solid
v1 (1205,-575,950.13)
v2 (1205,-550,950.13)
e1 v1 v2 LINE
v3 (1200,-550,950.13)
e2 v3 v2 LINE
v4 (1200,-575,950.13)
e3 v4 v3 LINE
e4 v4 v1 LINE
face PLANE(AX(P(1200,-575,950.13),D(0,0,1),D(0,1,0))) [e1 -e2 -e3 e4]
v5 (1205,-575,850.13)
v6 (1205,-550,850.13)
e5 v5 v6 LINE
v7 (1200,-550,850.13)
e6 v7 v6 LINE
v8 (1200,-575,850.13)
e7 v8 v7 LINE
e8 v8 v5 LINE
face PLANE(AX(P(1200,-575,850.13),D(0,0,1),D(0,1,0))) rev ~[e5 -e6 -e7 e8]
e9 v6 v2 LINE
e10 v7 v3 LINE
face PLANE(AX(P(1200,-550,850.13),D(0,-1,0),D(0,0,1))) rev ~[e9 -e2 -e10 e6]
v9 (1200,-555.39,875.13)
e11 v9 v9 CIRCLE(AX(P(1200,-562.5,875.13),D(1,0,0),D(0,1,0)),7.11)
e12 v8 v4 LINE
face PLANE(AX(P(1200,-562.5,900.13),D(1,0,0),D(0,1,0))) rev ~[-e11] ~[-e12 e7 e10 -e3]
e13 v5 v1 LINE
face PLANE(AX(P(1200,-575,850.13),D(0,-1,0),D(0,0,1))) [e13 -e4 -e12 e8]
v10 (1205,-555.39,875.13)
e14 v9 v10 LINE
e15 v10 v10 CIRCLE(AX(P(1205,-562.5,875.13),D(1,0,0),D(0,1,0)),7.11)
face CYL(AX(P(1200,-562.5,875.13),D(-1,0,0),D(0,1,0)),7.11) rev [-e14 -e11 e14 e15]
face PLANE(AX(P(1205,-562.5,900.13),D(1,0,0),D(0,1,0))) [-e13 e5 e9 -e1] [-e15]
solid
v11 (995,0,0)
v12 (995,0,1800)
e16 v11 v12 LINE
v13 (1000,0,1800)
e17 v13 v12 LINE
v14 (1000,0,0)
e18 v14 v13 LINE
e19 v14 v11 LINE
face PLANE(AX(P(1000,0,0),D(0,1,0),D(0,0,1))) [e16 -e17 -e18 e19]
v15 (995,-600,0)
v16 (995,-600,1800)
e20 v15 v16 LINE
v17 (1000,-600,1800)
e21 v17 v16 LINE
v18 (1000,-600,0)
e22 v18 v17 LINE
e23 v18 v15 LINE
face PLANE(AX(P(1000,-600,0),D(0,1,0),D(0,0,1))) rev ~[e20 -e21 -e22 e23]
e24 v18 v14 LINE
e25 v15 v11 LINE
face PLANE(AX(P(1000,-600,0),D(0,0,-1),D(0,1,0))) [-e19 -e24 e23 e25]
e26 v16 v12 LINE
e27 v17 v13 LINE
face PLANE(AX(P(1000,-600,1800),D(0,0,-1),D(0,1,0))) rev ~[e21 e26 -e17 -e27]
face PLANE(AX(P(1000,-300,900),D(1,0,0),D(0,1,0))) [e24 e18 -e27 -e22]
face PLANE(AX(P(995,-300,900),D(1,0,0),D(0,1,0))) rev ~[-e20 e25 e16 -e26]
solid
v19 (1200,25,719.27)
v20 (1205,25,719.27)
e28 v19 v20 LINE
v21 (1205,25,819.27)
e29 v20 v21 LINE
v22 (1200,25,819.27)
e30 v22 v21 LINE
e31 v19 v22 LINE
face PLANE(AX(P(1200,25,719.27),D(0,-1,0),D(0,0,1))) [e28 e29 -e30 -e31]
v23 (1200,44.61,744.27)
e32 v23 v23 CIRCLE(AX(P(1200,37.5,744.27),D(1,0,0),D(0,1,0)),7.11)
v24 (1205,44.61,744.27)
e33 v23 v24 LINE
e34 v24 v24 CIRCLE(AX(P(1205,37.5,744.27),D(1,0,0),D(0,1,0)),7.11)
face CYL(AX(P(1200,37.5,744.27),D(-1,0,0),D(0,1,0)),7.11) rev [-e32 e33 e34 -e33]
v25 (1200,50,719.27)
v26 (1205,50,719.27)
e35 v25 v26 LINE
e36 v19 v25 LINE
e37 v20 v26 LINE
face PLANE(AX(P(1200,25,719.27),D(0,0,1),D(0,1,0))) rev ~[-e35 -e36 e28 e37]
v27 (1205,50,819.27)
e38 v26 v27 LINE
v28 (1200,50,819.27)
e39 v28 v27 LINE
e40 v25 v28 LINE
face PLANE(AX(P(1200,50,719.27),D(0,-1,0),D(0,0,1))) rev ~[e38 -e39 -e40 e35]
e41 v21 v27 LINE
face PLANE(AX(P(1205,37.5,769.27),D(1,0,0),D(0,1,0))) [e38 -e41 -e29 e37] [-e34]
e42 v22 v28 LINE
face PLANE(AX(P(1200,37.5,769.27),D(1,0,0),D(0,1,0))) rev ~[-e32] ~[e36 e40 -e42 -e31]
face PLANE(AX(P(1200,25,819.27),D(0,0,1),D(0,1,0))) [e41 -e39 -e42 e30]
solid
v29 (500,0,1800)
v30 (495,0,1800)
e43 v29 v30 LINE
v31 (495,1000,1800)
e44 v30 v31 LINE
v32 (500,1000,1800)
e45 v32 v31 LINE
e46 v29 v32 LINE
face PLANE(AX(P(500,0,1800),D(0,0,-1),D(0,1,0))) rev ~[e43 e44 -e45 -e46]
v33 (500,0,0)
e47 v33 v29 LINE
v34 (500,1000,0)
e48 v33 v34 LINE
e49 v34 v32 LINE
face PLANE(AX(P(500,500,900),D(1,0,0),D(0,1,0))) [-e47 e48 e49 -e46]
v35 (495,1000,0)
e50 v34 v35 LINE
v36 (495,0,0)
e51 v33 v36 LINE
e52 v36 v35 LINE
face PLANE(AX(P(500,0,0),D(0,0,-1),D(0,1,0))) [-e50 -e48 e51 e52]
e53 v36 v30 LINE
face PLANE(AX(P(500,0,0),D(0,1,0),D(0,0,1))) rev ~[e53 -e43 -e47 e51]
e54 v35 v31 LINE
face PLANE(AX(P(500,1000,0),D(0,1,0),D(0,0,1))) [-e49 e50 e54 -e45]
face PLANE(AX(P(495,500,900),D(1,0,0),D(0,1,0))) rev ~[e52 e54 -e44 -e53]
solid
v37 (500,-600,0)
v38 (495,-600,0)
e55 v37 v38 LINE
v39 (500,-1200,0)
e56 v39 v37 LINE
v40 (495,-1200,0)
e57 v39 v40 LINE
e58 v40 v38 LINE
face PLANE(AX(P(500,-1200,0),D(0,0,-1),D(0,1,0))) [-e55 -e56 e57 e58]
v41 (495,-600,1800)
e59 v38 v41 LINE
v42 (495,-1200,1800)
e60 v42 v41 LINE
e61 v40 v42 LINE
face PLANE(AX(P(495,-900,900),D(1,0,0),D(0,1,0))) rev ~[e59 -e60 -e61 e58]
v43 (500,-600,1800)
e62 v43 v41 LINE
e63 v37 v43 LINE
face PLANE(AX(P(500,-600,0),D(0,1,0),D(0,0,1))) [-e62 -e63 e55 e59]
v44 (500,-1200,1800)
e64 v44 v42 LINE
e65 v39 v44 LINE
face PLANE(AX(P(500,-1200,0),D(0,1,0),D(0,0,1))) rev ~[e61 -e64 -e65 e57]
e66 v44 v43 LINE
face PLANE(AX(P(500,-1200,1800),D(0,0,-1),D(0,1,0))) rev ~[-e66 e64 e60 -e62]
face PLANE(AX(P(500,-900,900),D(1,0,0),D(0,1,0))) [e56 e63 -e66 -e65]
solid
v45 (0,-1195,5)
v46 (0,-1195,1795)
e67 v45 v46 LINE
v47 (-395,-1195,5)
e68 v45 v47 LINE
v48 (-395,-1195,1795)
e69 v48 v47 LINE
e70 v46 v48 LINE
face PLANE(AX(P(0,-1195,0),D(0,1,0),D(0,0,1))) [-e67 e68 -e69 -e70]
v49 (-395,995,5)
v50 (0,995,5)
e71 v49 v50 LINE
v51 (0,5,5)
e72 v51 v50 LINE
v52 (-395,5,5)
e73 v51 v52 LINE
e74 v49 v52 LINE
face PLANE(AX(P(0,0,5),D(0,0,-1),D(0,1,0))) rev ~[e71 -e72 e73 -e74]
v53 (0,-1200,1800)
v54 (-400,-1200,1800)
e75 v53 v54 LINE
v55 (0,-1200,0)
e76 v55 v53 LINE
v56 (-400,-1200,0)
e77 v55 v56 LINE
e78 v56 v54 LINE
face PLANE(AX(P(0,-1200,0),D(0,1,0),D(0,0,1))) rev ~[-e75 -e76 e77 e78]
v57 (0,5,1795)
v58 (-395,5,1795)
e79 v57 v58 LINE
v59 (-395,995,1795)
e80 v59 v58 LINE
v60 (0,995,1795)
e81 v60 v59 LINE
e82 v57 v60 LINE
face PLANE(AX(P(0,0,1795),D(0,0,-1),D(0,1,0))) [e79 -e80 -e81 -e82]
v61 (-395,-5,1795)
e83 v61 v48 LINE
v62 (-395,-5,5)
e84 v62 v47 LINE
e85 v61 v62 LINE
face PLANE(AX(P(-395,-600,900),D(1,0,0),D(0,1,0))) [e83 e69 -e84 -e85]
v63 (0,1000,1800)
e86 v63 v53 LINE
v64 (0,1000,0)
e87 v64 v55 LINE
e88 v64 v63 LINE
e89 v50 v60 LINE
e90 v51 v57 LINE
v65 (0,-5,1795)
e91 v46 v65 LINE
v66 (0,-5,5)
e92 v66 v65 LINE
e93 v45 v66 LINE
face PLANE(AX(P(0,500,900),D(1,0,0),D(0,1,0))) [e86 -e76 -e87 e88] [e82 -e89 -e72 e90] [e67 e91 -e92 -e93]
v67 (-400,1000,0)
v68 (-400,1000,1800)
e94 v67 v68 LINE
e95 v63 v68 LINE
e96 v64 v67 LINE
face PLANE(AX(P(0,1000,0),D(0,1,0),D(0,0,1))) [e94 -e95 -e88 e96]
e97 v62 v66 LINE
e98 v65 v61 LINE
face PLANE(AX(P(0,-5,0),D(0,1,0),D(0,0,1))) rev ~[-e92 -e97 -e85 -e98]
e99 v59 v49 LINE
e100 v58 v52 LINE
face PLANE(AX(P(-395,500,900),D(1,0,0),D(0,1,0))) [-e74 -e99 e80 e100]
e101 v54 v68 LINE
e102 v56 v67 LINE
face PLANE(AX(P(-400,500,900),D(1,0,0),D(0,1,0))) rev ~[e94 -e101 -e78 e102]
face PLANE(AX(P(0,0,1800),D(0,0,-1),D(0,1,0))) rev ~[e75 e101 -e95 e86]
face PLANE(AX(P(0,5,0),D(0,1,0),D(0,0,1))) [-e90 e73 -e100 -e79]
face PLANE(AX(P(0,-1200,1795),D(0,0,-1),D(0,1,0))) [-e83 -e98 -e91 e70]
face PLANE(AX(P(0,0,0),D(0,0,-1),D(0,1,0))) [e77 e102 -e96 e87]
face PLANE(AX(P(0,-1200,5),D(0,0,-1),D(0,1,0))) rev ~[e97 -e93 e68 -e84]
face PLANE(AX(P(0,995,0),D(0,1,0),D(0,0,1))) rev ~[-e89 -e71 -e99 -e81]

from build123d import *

# Parameters (mm, degrees)
F0_W      = 1200
F0_H      = 1800
F1_DEPTH  = 400
F2_W      = 1000
F2_H      = 1800
F3_DEPTH  = 400
F4_T      = -5
F4_2_T    = -5
F7_W      = 1000
F7_H      = 1800
F8_DEPTH  = 5
F7_W_2    = 600
F10_W     = 600
F10_H     = 1800
F11_DEPTH = 5
F12_W     = 25
F12_H     = 100
F12_R     = 7.11
F13_DEPTH = 5
F15_W     = 25
F15_H     = 100
F15_R     = 7.11
F16_DEPTH = 5


with BuildPart() as f1:
    # F0 (on Right) → F1 (new body)
    with BuildSketch(Plane.YZ):
        with Locations((-600, 900)):
            Rectangle(F0_W, F0_H)
    extrude(amount=-F1_DEPTH)

    # F4
    f4_openings = [f1.faces().sort_by_distance(p)[0] for p in [
        (0, -600, 900),
    ]]
    offset(amount=F4_T, openings=f4_openings)


with BuildPart() as f3:
    # F2 (on Right) → F3 (new body)
    with BuildSketch(Plane.YZ):
        with Locations((500, 900)):
            Rectangle(F2_W, F2_H)
    extrude(amount=-F3_DEPTH)

    # F4#2
    f4_2_openings = [f3.faces().sort_by_distance(p)[0] for p in [
        (0, 500, 900),
    ]]
    offset(amount=F4_2_T, openings=f4_2_openings)


with BuildPart() as f1_1:
    add(f1.part)

    # F5: union F3
    add(f3.part)


with BuildPart() as f8:
    # F7 (on offset) → F8 (new body)
    with BuildSketch(Plane.YZ.offset(500)):
        with Locations((500, 900)):
            Rectangle(F7_W, F7_H)
    extrude(amount=-F8_DEPTH)


with BuildPart() as f8b:
    # F7 (on offset) → F8, piece 2 (new body)
    with BuildSketch(Plane.YZ.offset(500)):
        with Locations((-900, 900)):
            Rectangle(F7_W_2, F7_H)
    extrude(amount=-F8_DEPTH)


with BuildPart() as f11:
    # F10 (on offset) → F11 (new body)
    with BuildSketch(Plane.YZ.offset(1000)):
        with Locations((-300, 900)):
            Rectangle(F10_W, F10_H)
    extrude(amount=-F11_DEPTH)


with BuildPart() as f13:
    # F12 (on face) → F13 (new body)
    with BuildSketch(Plane.YZ.offset(1000)):
        with Locations((-562.5, 900.13)):
            Rectangle(F12_W, F12_H)
        with Locations((-562.5, 875.13)):
            Circle(F12_R, mode=Mode.SUBTRACT)
    extrude(amount=F13_DEPTH)


with BuildPart() as f16:
    # F15 (on offset) → F16 (new body)
    with BuildSketch(Plane.YZ.offset(1200)):
        with Locations((-562.5, 900.13)):
            Rectangle(F15_W, F15_H)
        with Locations((-562.5, 875.13)):
            Circle(F15_R, mode=Mode.SUBTRACT)
    extrude(amount=F16_DEPTH)


with BuildPart() as f16b:
    # F15 (on offset) → F16, piece 2 (new body)
    with BuildSketch(Plane.YZ.offset(1200)):
        with Locations((37.5, 769.27)):
            Rectangle(F15_W, F15_H)
        with Locations((37.5, 744.27)):
            Circle(F15_R, mode=Mode.SUBTRACT)
    extrude(amount=F16_DEPTH)


solid = Compound([f1_1.part, f8.part, f8b.part, f11.part, f16.part, f16b.part])
